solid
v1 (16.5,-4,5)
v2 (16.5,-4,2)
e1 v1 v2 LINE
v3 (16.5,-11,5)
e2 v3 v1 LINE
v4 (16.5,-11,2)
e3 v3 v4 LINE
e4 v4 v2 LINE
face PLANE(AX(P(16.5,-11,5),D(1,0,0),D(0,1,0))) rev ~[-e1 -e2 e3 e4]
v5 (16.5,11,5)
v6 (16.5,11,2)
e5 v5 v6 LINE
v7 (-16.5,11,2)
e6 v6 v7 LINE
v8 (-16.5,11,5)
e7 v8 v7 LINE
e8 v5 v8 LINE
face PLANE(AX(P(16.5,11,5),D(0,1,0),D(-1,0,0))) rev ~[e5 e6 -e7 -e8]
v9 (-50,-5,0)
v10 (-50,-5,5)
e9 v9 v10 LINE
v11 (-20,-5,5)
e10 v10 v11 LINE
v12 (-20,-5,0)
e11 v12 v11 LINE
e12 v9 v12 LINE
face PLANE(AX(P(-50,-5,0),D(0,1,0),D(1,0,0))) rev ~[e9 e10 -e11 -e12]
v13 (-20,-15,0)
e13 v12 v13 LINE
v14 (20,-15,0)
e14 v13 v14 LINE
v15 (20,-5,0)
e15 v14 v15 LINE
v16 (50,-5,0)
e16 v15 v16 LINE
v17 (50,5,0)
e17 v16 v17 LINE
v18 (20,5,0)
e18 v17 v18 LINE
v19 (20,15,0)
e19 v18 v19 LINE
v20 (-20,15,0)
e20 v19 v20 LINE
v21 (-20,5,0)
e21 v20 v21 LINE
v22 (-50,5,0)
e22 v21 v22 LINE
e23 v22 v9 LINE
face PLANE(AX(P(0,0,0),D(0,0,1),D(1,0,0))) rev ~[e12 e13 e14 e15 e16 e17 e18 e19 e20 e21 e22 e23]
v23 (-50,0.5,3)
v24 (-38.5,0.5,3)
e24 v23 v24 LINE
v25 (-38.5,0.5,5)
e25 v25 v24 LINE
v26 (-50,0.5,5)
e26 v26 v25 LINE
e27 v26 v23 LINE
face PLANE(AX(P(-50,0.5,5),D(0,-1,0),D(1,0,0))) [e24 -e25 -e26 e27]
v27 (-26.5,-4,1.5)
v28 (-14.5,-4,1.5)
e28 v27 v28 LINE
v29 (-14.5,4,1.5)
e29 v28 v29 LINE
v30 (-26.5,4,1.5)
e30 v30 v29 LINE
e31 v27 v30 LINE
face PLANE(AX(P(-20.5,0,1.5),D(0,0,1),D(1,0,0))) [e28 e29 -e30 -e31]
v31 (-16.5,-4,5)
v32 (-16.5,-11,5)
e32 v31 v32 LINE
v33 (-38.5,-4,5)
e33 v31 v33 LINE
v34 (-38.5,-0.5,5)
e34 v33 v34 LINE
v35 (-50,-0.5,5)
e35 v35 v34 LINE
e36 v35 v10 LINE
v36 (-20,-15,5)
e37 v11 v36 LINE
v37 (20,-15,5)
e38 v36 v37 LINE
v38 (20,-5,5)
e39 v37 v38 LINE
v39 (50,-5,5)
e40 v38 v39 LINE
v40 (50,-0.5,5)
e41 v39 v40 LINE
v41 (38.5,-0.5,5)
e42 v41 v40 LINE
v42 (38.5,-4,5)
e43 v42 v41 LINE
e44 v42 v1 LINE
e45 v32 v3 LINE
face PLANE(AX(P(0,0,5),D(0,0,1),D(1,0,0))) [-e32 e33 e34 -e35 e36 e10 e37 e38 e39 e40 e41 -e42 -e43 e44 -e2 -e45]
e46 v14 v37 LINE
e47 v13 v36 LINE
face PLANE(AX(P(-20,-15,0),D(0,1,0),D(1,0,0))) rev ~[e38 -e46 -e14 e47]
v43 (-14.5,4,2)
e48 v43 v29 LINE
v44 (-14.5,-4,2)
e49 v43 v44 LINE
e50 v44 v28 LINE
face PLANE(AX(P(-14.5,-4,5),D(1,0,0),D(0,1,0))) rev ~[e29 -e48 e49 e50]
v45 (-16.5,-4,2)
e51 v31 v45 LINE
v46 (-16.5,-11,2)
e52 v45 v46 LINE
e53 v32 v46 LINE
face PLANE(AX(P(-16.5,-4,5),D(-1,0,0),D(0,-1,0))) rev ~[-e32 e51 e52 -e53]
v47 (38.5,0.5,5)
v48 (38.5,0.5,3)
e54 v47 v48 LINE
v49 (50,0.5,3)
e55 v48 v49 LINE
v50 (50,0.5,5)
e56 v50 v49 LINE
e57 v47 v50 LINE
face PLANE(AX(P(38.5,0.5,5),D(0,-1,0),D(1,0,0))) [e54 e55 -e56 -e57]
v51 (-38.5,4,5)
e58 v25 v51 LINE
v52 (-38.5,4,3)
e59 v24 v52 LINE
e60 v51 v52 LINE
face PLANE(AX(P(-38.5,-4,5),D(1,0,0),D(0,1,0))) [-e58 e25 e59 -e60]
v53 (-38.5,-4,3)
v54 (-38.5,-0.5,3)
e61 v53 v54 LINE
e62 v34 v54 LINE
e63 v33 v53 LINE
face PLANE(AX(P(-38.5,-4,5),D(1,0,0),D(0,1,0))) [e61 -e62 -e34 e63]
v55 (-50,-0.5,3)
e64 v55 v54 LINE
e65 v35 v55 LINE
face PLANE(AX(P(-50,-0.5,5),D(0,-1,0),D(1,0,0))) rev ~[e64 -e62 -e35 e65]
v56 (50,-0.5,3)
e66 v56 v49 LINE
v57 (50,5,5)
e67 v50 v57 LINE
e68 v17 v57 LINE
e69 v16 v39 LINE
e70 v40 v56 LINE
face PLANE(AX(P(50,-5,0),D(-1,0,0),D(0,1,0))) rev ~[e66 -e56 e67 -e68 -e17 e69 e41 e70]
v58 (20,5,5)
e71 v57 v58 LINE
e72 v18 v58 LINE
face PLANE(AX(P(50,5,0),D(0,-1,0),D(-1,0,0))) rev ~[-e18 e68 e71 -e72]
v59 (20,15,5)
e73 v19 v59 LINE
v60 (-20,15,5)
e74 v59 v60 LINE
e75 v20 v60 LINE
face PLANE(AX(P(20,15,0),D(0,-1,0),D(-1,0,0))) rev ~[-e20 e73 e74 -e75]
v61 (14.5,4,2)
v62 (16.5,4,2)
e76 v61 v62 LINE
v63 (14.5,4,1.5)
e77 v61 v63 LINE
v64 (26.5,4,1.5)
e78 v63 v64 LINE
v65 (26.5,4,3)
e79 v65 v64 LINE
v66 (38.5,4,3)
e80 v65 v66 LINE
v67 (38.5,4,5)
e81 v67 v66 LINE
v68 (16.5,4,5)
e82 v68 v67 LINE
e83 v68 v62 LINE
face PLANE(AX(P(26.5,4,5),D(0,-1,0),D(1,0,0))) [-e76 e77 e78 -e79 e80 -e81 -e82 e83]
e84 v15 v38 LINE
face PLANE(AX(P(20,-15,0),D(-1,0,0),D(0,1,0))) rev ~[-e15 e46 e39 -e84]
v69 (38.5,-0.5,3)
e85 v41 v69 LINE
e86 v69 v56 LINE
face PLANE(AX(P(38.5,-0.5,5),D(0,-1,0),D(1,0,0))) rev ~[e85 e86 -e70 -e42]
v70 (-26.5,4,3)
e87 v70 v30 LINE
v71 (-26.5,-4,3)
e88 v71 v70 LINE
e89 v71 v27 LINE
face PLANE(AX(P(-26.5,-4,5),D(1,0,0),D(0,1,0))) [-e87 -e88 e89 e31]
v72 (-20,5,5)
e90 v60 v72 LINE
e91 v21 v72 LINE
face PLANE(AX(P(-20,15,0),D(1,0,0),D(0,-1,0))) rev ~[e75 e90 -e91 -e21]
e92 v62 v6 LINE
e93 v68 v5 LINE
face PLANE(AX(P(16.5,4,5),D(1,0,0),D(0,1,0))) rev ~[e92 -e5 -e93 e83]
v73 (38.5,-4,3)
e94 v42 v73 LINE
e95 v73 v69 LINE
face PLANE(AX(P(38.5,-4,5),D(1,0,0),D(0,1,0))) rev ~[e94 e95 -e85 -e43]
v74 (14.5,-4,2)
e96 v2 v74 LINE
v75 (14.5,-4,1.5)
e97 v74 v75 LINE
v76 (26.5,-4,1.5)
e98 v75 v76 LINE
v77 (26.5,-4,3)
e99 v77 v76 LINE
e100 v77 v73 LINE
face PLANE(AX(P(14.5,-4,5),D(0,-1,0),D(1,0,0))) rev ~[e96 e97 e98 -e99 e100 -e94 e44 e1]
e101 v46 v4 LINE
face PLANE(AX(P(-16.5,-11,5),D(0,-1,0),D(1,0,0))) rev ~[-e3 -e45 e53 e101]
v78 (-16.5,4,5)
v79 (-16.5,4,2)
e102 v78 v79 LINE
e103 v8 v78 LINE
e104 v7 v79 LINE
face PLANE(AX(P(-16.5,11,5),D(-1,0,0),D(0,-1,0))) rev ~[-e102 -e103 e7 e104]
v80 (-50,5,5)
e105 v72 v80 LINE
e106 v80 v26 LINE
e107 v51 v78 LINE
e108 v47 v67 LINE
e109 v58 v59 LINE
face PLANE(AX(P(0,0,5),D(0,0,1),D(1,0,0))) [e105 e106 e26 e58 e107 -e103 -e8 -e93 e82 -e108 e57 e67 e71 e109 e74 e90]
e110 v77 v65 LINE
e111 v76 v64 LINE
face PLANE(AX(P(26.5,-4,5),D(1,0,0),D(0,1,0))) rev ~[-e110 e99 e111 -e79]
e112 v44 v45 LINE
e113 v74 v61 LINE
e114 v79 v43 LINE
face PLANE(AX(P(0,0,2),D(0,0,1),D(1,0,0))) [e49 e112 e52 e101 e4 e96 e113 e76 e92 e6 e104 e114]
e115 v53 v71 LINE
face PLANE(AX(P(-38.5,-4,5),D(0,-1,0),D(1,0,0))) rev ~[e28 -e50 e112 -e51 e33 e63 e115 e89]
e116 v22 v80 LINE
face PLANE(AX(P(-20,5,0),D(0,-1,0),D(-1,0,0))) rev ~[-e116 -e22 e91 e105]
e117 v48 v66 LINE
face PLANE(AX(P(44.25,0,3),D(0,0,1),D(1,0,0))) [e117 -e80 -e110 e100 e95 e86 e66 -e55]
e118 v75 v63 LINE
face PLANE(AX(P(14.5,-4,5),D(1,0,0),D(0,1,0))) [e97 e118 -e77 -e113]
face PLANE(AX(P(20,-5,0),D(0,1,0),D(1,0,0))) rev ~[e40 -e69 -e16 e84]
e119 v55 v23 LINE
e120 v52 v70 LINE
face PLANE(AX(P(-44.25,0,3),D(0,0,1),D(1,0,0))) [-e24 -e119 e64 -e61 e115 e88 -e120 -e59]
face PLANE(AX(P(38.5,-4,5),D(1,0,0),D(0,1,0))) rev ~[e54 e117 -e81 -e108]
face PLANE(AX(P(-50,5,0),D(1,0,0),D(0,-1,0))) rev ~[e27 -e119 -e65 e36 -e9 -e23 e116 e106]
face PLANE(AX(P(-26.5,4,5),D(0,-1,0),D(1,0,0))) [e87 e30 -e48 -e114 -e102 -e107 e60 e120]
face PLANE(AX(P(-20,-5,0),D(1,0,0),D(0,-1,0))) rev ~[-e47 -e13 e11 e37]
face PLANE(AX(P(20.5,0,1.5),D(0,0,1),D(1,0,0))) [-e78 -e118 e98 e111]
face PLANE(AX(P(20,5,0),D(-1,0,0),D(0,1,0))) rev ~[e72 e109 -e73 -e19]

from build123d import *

# Parameters (mm, degrees)
F1_DEPTH = 5
F3_DEPTH = 3
F4_W     = 12
F4_H     = 8
F5_DEPTH = 3.5
F6_W     = 12
F6_H     = 8
F7_DEPTH = 2
F8_W     = 11.5
F8_H     = 1
F9_DEPTH = 2


with BuildPart() as f1:
    # F0 (on Top) → F1 (new body)
    with BuildSketch(Plane.XY):
        Polygon((-20, -5), (-20, -15), (20, -15), (20, -5), (50, -5), (50, 5), (20, 5), (20, 15), (-20, 15), (-20, 5), (-50, 5), (-50, -5), align=None)
    extrude(amount=F1_DEPTH)

    # F2 (on face) → F3 (cut)
    with BuildSketch(Plane.XY.offset(5)):
        Polygon((16.5, 11), (-16.5, 11), (-16.5, 4), (-14.5, 4), (-14.5, -4), (-16.5, -4), (-16.5, -11), (16.5, -11), (16.5, -4), (14.5, -4), (14.5, 4), (16.5, 4), align=None)
    extrude(amount=-F3_DEPTH, mode=Mode.SUBTRACT)

    # F4 (on face) → F5 (cut)
    with BuildSketch(Plane.XY.offset(5)):
        with Locations((-20.5, 0)):
            Rectangle(F4_W, F4_H)
        with Locations((20.5, 0)):
            Rectangle(F4_W, F4_H)
    extrude(amount=-F5_DEPTH, mode=Mode.SUBTRACT)

    # F6 (on face) → F7 (cut)
    with BuildSketch(Plane.XY.offset(5)):
        with Locations((-32.5, 0)):
            Rectangle(F6_W, F6_H)
        with Locations((32.5, 0)):
            Rectangle(F6_W, F6_H)
    extrude(amount=-F7_DEPTH, mode=Mode.SUBTRACT)

    # F8 (on face) → F9 (cut)
    with BuildSketch(Plane.XY.offset(5)):
        with Locations((-44.25, 0)):
            Rectangle(F8_W, F8_H)
        with Locations((44.25, 0)):
            Rectangle(F8_W, F8_H)
    extrude(amount=-F9_DEPTH, mode=Mode.SUBTRACT)


solid = f1.part
